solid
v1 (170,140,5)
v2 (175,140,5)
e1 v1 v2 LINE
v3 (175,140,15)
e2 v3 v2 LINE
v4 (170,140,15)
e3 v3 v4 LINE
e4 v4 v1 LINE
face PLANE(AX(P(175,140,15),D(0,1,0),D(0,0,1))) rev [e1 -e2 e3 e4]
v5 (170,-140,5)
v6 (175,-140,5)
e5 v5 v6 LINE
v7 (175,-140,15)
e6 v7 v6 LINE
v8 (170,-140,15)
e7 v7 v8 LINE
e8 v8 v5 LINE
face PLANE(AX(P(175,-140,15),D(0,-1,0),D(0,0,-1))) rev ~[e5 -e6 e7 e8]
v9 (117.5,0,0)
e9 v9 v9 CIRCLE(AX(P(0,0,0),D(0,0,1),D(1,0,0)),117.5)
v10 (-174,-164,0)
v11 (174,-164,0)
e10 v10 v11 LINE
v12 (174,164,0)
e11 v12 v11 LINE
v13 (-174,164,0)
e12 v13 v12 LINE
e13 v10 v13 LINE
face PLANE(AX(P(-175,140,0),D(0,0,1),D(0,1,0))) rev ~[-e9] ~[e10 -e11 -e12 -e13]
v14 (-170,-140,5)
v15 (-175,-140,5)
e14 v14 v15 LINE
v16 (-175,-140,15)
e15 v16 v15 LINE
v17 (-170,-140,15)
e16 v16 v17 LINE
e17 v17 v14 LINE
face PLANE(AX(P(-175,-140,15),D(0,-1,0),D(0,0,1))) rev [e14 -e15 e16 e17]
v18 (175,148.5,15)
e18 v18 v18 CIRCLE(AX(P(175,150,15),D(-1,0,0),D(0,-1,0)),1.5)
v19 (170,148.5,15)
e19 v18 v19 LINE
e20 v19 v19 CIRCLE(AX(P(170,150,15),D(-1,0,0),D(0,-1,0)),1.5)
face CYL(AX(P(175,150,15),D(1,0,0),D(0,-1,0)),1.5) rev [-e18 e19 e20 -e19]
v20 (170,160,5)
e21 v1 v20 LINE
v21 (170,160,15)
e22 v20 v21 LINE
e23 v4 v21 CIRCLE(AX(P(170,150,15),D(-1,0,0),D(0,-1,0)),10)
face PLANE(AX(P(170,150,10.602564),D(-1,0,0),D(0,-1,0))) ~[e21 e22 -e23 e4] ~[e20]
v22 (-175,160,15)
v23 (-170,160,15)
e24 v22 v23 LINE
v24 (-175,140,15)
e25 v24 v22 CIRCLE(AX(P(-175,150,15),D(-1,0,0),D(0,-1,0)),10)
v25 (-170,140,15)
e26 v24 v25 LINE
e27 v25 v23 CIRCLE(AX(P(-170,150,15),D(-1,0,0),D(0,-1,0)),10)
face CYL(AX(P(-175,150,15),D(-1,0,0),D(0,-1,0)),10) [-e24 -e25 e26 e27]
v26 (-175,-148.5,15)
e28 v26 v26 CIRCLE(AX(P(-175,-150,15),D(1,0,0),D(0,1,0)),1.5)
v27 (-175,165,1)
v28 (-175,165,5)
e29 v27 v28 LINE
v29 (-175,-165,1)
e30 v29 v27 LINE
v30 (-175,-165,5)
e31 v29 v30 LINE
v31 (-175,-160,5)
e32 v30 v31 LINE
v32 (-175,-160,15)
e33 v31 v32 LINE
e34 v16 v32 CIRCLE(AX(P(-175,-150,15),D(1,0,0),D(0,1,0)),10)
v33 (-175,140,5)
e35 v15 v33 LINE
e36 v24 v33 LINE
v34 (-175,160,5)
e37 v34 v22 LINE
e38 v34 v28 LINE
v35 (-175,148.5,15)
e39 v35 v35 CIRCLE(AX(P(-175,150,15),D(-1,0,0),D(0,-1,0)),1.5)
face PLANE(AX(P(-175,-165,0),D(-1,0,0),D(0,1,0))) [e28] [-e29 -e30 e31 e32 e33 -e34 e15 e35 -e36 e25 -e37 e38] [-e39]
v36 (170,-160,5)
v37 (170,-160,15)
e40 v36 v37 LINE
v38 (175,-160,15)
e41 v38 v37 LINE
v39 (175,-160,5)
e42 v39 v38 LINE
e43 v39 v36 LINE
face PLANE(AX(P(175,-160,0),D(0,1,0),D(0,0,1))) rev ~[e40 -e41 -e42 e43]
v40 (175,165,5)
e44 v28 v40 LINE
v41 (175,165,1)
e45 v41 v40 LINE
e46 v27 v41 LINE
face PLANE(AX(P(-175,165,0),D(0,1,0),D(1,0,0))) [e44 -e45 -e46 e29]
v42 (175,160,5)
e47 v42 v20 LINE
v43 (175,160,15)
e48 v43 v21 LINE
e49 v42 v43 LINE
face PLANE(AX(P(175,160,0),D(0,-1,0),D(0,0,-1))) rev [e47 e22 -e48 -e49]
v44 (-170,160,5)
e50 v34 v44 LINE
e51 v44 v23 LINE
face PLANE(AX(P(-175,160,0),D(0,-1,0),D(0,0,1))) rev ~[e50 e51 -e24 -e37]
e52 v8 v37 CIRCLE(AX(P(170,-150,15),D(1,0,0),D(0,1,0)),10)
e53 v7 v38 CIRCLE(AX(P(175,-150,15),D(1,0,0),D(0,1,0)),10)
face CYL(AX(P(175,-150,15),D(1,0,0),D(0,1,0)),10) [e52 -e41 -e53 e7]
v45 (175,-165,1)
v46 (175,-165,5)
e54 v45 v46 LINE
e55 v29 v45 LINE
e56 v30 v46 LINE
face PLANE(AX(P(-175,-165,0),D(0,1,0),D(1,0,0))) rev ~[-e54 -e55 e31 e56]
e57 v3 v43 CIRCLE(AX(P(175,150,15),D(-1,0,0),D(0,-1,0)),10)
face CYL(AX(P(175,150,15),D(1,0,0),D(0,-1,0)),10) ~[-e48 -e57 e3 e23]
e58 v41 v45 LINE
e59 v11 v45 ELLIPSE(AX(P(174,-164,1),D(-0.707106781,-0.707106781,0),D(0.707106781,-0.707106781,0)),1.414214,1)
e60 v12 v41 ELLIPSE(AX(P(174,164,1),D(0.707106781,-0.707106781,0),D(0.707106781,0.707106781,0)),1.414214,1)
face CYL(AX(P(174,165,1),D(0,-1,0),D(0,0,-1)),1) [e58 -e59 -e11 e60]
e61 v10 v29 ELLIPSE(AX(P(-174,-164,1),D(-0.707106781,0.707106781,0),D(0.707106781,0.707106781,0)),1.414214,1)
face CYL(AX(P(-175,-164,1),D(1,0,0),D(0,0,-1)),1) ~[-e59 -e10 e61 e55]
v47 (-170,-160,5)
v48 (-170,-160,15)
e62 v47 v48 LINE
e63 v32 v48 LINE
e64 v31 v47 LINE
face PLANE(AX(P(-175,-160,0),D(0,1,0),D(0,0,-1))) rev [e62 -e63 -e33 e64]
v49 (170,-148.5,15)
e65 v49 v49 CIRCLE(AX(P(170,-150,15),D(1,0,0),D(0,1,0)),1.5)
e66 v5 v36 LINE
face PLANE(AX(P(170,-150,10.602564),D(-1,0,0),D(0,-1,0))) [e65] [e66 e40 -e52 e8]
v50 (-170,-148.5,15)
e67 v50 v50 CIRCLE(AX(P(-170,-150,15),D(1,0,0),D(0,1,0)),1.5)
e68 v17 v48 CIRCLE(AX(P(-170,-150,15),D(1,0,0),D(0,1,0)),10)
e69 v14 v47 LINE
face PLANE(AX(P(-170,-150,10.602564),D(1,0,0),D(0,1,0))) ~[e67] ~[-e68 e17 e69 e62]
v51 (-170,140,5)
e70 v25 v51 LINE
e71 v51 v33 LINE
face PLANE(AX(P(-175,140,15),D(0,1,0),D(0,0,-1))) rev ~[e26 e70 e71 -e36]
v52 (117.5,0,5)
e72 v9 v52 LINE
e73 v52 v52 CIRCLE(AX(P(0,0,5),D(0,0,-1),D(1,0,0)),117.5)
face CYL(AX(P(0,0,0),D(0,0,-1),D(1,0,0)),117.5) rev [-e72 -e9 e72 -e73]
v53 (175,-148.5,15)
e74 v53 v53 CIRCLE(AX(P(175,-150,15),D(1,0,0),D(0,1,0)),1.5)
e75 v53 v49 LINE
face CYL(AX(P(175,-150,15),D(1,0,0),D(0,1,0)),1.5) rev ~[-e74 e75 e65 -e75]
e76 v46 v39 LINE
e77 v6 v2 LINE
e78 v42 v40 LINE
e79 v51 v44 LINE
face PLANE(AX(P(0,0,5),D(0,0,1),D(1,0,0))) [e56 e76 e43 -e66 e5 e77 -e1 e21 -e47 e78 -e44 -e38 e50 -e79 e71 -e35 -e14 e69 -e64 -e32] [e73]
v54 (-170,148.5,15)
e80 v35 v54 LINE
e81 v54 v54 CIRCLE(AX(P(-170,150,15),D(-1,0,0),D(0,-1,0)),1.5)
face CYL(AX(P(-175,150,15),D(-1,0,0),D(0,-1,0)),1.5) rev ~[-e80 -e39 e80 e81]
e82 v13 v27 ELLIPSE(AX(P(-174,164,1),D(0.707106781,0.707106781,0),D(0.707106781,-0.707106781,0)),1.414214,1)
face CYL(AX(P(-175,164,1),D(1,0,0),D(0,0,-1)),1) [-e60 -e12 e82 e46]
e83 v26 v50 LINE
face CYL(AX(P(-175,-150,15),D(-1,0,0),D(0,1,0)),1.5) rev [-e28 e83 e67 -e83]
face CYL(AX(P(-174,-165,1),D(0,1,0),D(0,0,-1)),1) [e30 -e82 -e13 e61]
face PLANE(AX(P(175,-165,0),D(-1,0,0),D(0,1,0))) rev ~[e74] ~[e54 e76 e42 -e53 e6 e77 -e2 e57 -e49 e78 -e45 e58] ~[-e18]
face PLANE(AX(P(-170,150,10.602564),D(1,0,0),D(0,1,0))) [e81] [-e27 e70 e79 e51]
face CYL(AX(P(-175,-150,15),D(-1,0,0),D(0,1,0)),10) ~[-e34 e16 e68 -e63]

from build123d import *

# Parameters (mm, degrees)
SKETCH010_W           = 350
SKETCH010_H           = 330
PAD002_DEPTH          = 5
PAD003_DEPTH          = 5
SKETCH012_R           = 1.5
POCKET004_DEPTH       = 5
POLARPATTERN_COUNT    = 2
POLARPATTERN001_COUNT = 2
FILLET004_R           = 1
SKETCH013_R           = 117.5
POCKET005_DEPTH       = 10


with BuildPart() as part:
    # Sketch010 → Pad002 (new body)
    with BuildSketch(Plane.XY):
        Rectangle(SKETCH010_W, SKETCH010_H)
    extrude(amount=PAD002_DEPTH)

    # Sketch011 → Pad003 (join)
    with BuildSketch(Plane.YZ.offset(175)):
        with BuildLine():
            Line((-160, 0), (-160, 15))
            ThreePointArc((-140, 15), (-150, 25), (-160, 15))
            Line((-140, 15), (-140, 0))
            Line((-140, 0), (-160, 0))
        make_face()
    pad003 = extrude(amount=-PAD003_DEPTH)

    # Sketch012 → Pocket004 (cut)
    with BuildSketch(Plane.YZ.offset(175)):
        with Locations((-150, 15)):
            Circle(SKETCH012_R)
    pocket004 = extrude(amount=-POCKET004_DEPTH, mode=Mode.SUBTRACT)

    # Mirrored: Pad003 across Sketch011 V_Axis
    add(pad003.mirror(Plane(origin=(175, 0, 0), x_dir=(1, 0, 0), z_dir=(0, 1, 0))))

    # Mirrored001: Pocket004 across Sketch012 V_Axis
    add(pocket004.mirror(Plane(origin=(175, 0, 0), x_dir=(1, 0, 0), z_dir=(0, 1, 0))), mode=Mode.SUBTRACT)

    # Mirrored002: Pad003 across YZ
    add(pad003.mirror(Plane.YZ))

    # Mirrored003: Pocket004 across YZ
    add(pocket004.mirror(Plane.YZ), mode=Mode.SUBTRACT)

    # PolarPattern: Pad003 ×2 about axis
    polarpattern_axis = Axis((0, 0, 0), (0, 0, 1))
    for i in range(1, POLARPATTERN_COUNT):
        add(pad003.rotate(polarpattern_axis, i * 360 / POLARPATTERN_COUNT))

    # PolarPattern001: Pocket004 ×2 about axis
    polarpattern001_axis = Axis((0, 0, 0), (0, 0, 1))
    for i in range(1, POLARPATTERN001_COUNT):
        add(pocket004.rotate(polarpattern001_axis, i * 360 / POLARPATTERN001_COUNT), mode=Mode.SUBTRACT)

    # Fillet004
    fillet004_edges = [part.edges().sort_by_distance(p)[0] for p in [
        (0, 165, 0),
        (175, 0, 0),
        (0, -165, 0),
        (-175, 0, 0),
    ]]
    fillet(fillet004_edges, radius=FILLET004_R)

    # Sketch013 → Pocket005 (cut)
    with BuildSketch(Plane.XY):
        Circle(SKETCH013_R)
    extrude(amount=POCKET005_DEPTH, mode=Mode.SUBTRACT)


solid = part.part
